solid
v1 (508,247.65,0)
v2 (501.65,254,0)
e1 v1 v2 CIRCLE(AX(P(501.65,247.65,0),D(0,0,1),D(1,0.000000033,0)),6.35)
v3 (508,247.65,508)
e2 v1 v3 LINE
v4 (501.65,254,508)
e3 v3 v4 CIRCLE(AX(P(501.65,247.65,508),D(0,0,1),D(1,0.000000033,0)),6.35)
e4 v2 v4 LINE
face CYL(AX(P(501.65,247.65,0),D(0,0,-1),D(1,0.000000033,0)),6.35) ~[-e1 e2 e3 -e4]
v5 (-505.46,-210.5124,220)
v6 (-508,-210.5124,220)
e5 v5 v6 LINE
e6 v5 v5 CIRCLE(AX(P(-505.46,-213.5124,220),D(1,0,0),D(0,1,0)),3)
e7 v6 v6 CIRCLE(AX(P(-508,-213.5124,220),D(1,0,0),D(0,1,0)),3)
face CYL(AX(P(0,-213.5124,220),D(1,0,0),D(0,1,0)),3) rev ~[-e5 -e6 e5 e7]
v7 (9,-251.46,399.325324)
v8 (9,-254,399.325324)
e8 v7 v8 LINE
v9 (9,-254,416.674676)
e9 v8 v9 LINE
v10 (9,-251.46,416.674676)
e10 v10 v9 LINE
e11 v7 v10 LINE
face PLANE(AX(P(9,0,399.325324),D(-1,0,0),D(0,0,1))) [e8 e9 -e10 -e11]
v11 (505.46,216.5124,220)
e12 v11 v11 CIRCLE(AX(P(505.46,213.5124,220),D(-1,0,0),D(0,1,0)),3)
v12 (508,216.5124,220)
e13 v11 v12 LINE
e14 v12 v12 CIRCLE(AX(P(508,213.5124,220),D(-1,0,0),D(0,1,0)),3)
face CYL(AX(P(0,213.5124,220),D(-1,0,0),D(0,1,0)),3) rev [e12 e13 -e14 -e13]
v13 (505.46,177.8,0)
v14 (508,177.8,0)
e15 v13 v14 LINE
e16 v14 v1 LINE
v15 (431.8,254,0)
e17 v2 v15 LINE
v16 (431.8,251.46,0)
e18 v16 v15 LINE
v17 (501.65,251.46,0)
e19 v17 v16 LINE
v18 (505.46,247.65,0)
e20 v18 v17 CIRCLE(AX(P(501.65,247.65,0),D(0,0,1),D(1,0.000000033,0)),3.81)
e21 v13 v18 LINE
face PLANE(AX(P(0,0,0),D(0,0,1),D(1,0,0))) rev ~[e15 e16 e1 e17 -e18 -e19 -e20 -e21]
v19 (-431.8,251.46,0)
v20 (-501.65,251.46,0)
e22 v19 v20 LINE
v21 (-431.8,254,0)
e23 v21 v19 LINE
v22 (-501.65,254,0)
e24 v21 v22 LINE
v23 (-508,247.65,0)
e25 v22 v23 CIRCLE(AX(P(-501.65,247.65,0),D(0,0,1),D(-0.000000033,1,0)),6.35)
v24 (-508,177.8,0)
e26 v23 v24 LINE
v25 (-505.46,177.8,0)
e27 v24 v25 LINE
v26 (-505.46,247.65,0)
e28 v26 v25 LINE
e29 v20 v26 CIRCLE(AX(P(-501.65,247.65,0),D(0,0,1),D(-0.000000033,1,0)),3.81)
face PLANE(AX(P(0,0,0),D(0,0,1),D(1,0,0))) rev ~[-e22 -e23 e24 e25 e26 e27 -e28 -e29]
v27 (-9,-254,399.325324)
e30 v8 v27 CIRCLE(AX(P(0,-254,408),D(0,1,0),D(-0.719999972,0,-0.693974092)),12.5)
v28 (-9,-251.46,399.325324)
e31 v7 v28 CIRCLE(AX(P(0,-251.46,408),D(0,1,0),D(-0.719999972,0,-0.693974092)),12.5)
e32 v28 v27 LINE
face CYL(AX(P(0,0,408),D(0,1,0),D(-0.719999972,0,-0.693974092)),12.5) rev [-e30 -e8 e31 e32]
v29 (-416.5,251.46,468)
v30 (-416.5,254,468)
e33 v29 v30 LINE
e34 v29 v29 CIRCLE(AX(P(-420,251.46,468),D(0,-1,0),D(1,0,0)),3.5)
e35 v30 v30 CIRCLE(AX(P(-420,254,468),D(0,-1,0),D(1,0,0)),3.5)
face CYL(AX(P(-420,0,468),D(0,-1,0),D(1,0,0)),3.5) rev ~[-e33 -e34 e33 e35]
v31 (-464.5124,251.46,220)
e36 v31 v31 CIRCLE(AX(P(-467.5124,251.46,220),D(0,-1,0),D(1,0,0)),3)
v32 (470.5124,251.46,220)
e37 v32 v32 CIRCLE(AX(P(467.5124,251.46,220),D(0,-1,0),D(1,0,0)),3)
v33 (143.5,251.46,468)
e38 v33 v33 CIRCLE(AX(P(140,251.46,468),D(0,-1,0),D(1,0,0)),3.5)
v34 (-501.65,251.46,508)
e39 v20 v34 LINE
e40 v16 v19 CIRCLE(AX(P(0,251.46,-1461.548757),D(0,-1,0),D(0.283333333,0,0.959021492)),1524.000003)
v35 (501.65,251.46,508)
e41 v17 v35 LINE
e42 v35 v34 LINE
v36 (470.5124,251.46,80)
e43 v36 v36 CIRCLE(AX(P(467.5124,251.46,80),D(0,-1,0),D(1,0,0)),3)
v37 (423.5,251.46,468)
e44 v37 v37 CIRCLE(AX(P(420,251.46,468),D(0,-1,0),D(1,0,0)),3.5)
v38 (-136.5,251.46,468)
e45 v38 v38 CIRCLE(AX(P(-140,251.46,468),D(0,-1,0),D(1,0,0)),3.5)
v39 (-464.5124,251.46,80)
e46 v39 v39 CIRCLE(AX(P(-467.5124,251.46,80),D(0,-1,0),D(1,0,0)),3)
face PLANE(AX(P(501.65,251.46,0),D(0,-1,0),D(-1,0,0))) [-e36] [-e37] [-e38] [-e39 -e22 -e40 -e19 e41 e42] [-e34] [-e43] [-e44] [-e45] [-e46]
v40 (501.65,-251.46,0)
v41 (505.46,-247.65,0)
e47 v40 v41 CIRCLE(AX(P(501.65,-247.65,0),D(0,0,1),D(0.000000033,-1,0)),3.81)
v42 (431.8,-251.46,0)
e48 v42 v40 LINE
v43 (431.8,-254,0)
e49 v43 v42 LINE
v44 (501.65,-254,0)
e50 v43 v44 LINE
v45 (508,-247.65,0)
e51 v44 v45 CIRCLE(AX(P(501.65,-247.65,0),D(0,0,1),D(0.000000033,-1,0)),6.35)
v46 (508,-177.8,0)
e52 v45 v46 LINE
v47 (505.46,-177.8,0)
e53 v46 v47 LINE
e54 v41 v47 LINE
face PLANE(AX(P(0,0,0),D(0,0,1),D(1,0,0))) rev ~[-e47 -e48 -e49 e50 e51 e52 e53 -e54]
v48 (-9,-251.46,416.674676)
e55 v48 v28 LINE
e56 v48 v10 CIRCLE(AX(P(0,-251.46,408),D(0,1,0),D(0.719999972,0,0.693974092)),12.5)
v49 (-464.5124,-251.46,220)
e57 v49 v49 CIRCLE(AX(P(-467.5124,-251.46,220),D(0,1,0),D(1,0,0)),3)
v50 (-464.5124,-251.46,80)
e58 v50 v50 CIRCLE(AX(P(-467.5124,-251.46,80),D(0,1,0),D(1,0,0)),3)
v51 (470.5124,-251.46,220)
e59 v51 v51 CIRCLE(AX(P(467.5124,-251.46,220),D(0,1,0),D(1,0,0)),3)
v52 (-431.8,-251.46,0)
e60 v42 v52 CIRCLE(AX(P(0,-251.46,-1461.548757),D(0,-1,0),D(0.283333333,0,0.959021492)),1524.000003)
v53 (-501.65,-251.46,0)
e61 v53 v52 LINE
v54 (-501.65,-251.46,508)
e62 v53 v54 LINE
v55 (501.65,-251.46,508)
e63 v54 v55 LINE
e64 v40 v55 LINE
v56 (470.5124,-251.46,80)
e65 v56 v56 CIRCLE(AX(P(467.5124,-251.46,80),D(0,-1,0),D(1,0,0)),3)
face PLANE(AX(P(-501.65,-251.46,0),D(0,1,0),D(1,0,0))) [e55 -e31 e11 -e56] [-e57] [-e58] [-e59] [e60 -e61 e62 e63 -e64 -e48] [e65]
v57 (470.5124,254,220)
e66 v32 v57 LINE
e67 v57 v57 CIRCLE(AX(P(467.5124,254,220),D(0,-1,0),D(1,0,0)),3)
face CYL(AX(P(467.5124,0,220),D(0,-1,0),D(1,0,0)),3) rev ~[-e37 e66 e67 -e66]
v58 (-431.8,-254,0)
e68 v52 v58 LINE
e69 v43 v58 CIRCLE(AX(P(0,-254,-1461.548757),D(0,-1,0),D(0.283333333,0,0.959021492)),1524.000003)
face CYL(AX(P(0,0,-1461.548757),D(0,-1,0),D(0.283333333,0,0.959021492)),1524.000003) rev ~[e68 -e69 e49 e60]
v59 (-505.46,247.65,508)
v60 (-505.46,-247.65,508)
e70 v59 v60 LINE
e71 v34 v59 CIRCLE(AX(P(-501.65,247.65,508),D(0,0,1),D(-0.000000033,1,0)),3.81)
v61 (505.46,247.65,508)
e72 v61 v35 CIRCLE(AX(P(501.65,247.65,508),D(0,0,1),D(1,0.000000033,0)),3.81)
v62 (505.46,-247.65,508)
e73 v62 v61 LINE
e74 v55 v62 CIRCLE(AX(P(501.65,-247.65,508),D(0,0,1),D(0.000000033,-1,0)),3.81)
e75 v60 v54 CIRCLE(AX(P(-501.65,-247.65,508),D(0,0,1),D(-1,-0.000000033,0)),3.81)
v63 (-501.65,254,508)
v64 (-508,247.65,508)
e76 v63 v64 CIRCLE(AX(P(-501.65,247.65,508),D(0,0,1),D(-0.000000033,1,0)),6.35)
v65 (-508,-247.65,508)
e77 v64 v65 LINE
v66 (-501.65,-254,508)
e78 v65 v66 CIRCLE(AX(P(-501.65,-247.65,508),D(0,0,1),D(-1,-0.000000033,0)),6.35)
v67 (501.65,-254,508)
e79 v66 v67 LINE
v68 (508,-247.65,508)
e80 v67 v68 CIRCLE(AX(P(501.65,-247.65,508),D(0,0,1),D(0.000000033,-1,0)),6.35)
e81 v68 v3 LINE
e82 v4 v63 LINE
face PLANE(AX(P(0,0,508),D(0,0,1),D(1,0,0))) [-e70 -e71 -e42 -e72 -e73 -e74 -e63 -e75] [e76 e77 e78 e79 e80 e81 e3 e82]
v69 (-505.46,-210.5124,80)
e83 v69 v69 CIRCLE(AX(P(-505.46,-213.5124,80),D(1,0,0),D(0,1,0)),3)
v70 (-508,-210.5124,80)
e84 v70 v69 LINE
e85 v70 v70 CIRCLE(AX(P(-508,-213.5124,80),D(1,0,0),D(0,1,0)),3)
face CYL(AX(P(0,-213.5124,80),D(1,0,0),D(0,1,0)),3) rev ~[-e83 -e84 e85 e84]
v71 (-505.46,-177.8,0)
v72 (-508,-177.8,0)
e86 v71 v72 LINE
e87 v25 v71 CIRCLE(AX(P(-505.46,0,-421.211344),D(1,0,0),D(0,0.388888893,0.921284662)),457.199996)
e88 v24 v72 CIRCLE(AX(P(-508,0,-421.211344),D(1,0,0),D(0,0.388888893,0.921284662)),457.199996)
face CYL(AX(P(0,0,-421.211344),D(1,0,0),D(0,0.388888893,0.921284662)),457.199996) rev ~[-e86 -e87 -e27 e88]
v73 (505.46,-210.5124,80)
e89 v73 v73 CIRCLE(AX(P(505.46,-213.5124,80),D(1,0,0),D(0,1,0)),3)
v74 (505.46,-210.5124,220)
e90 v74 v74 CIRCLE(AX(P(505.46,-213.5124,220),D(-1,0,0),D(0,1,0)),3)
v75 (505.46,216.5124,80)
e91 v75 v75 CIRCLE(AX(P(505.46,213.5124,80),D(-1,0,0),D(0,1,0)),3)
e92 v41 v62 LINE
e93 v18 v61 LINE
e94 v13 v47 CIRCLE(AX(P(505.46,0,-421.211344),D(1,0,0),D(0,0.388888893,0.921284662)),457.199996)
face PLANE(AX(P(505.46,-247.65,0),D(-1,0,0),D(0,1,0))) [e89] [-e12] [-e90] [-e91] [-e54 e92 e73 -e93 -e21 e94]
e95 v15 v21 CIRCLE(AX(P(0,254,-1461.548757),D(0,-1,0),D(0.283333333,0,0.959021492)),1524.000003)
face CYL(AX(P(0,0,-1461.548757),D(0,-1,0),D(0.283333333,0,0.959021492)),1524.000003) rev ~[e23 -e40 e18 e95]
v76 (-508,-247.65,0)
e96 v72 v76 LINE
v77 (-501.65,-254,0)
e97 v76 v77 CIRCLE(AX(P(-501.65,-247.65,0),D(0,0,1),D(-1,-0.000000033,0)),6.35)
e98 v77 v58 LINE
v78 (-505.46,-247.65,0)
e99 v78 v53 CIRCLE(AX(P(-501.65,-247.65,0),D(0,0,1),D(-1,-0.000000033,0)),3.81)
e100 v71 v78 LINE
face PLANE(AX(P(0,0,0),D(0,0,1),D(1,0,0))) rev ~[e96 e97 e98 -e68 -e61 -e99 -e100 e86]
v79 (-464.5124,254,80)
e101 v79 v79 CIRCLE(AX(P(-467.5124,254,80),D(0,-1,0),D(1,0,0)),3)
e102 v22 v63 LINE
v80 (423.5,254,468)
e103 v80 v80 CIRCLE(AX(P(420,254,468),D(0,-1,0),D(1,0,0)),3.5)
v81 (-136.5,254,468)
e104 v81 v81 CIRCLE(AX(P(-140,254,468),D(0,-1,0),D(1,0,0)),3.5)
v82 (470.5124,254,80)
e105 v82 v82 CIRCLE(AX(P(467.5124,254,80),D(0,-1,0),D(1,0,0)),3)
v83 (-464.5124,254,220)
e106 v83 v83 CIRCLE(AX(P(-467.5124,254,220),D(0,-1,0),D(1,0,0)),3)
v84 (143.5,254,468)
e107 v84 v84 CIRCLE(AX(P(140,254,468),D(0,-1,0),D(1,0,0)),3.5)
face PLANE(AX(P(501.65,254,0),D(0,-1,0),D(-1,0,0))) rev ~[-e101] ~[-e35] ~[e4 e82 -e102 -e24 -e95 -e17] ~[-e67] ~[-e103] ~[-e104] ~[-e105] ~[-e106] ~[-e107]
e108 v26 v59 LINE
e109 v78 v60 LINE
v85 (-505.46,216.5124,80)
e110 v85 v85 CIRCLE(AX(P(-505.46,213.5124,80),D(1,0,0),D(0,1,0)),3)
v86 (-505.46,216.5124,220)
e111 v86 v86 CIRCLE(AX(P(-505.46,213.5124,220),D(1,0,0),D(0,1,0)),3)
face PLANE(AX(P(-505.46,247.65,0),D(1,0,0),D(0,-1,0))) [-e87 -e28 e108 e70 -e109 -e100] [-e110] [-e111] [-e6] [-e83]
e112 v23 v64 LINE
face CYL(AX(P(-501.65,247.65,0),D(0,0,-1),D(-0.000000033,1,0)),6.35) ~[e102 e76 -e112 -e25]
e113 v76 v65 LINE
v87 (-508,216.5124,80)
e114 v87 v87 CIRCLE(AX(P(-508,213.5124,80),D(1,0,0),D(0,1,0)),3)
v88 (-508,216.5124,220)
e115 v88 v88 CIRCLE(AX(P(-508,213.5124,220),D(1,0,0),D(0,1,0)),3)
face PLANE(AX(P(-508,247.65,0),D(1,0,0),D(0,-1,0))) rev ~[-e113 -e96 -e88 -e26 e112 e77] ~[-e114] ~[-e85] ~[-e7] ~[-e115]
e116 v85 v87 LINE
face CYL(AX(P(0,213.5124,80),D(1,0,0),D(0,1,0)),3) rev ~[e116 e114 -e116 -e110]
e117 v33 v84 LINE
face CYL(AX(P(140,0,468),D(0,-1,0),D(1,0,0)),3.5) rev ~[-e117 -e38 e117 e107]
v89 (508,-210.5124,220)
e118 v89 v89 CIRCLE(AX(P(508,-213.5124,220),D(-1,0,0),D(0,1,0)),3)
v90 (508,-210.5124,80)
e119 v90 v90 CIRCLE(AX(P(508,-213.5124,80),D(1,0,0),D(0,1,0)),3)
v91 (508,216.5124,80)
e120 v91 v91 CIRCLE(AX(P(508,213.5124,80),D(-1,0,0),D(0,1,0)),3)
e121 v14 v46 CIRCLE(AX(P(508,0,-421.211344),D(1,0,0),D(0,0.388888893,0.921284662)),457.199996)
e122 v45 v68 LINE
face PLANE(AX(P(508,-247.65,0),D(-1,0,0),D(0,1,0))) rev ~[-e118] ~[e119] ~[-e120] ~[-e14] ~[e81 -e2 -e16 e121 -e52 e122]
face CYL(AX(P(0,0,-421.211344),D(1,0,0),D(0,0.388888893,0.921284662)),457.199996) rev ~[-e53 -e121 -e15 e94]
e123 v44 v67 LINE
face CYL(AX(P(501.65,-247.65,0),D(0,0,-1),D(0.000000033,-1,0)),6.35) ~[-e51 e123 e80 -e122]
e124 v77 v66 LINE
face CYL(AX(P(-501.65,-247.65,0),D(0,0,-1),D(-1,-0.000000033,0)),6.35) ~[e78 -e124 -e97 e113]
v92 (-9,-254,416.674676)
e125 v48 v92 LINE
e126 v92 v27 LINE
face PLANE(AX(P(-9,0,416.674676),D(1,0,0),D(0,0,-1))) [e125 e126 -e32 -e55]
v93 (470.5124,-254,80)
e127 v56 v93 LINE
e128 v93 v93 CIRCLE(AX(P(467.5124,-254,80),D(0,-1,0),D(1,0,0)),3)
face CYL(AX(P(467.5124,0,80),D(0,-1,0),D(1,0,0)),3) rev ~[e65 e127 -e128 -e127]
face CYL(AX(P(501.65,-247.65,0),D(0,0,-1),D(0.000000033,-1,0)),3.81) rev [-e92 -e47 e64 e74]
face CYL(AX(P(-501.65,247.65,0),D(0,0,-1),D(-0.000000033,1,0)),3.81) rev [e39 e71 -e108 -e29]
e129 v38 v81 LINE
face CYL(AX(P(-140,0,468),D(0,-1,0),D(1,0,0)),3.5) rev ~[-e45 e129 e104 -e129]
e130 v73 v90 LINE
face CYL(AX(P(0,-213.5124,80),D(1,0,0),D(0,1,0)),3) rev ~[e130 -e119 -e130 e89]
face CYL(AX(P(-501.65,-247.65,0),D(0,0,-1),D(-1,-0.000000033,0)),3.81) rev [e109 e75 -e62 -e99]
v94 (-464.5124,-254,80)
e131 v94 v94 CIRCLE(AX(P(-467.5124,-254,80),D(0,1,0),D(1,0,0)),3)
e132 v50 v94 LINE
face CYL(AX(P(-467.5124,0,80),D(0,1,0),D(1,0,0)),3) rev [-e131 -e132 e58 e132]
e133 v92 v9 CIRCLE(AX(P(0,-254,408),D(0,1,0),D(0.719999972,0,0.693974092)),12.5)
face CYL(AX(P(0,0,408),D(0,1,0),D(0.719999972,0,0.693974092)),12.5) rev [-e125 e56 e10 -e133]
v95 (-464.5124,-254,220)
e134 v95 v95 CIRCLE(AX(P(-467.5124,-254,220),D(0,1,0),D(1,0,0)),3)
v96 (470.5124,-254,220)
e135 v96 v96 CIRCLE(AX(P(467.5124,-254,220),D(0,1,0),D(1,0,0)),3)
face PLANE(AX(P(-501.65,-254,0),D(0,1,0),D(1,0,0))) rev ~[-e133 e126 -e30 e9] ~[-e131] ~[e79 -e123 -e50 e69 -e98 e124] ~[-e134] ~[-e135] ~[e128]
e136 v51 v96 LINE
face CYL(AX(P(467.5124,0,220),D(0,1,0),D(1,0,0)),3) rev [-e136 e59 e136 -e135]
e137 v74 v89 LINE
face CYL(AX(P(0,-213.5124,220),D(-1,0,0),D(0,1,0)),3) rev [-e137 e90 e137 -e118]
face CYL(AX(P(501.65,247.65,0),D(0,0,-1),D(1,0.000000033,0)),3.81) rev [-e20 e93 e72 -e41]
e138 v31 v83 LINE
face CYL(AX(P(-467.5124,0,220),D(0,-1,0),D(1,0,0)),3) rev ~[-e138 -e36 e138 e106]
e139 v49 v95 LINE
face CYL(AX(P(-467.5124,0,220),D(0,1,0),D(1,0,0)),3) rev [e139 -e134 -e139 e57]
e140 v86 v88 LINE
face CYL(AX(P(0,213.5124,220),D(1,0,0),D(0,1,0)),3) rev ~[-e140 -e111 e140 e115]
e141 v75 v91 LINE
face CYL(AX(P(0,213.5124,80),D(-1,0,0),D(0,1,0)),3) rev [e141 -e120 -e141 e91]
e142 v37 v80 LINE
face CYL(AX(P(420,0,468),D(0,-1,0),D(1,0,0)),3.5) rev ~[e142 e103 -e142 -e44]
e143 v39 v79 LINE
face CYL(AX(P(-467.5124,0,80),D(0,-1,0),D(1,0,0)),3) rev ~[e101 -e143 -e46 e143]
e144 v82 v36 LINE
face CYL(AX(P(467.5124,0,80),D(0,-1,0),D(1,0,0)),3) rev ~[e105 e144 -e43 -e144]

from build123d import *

# Parameters (mm, degrees)
F1_DEPTH  = 508
F2_T      = -2.54
F4_DEPTH  = 381
F6_DEPTH  = 635
F7_R      = 3.5
F8_DEPTH  = 254.001
F10_DEPTH = 254.001
F11_R     = 3
F12_DEPTH = 381
F13_R     = 3
F14_DEPTH = 1270


with BuildPart() as f1:
    # F0 (on Top) → F1 (new body)
    with BuildSketch(Plane.XY):
        with BuildLine():
            ThreePointArc((508, 247.65), (506.140128, 252.140128), (501.65, 254))
            Line((501.65, 254), (-501.65, 254))
            ThreePointArc((-501.65, 254), (-506.140128, 252.140128), (-508, 247.65))
            Line((-508, 247.65), (-508, -247.65))
            ThreePointArc((-508, -247.65), (-506.140128, -252.140128), (-501.65, -254))
            Line((-501.65, -254), (501.65, -254))
            ThreePointArc((501.65, -254), (506.140128, -252.140128), (508, -247.65))
            Line((508, -247.65), (508, 247.65))
        make_face()
    extrude(amount=F1_DEPTH)

    # F2
    f2_openings = [f1.faces().sort_by_distance(p)[0] for p in [
        (0, 0, 508),
        (0, 0, 0),
    ]]
    offset(amount=F2_T, openings=f2_openings)

    # F3 (on Front) → F4 (cut, symmetric)
    with BuildSketch(Plane.XZ):
        with BuildLine():
            ThreePointArc((431.8, 0), (0, 62.451246), (-431.8, 0))
            Line((-431.8, 0), (431.8, 0))
        make_face()
    extrude(amount=F4_DEPTH, both=True, mode=Mode.SUBTRACT)

    # F5 (on Right) → F6 (cut, symmetric)
    with BuildSketch(Plane.YZ):
        with BuildLine():
            Line((-177.8, 0), (177.8, 0))
            ThreePointArc((177.8, 0), (0, 35.988652), (-177.8, 0))
        make_face()
    extrude(amount=F6_DEPTH, both=True, mode=Mode.SUBTRACT)

    # F7 (on Front) → F8 (cut, through all)
    with BuildSketch(Plane.XZ):
        with Locations((420, 468)):
            Circle(F7_R)
        with Locations((140, 468)):
            Circle(F7_R)
        with Locations((-140, 468)):
            Circle(F7_R)
        with Locations((-420, 468)):
            Circle(F7_R)
    extrude(amount=-F8_DEPTH, mode=Mode.SUBTRACT)

    # F9 (on Front) → F10 (cut, through all)
    with BuildSketch(Plane.XZ):
        with BuildLine():
            Line((-9, 416.674676), (-9, 399.325324))
            ThreePointArc((-9, 399.325324), (0, 395.5), (9, 399.325324))
            Line((9, 399.325324), (9, 416.674676))
            ThreePointArc((9, 416.674676), (0, 420.5), (-9, 416.674676))
        make_face()
    extrude(amount=F10_DEPTH, mode=Mode.SUBTRACT)

    # F11 (on Front) → F12 (cut, symmetric)
    with BuildSketch(Plane.XZ):
        with Locations((-467.5124, 220)):
            Circle(F11_R)
        with Locations((-467.5124, 80)):
            Circle(F11_R)
        with Locations((467.5124, 220)):
            Circle(F11_R)
        with Locations((467.5124, 80)):
            Circle(F11_R)
    extrude(amount=F12_DEPTH, both=True, mode=Mode.SUBTRACT)

    # F13 (on Right) → F14 (cut, symmetric)
    with BuildSketch(Plane.YZ):
        with Locations((213.5124, 220)):
            Circle(F13_R)
        with Locations((213.5124, 80)):
            Circle(F13_R)
        with Locations((-213.5124, 220)):
            Circle(F13_R)
        with Locations((-213.5124, 80)):
            Circle(F13_R)
    extrude(amount=F14_DEPTH, both=True, mode=Mode.SUBTRACT)


solid = f1.part
